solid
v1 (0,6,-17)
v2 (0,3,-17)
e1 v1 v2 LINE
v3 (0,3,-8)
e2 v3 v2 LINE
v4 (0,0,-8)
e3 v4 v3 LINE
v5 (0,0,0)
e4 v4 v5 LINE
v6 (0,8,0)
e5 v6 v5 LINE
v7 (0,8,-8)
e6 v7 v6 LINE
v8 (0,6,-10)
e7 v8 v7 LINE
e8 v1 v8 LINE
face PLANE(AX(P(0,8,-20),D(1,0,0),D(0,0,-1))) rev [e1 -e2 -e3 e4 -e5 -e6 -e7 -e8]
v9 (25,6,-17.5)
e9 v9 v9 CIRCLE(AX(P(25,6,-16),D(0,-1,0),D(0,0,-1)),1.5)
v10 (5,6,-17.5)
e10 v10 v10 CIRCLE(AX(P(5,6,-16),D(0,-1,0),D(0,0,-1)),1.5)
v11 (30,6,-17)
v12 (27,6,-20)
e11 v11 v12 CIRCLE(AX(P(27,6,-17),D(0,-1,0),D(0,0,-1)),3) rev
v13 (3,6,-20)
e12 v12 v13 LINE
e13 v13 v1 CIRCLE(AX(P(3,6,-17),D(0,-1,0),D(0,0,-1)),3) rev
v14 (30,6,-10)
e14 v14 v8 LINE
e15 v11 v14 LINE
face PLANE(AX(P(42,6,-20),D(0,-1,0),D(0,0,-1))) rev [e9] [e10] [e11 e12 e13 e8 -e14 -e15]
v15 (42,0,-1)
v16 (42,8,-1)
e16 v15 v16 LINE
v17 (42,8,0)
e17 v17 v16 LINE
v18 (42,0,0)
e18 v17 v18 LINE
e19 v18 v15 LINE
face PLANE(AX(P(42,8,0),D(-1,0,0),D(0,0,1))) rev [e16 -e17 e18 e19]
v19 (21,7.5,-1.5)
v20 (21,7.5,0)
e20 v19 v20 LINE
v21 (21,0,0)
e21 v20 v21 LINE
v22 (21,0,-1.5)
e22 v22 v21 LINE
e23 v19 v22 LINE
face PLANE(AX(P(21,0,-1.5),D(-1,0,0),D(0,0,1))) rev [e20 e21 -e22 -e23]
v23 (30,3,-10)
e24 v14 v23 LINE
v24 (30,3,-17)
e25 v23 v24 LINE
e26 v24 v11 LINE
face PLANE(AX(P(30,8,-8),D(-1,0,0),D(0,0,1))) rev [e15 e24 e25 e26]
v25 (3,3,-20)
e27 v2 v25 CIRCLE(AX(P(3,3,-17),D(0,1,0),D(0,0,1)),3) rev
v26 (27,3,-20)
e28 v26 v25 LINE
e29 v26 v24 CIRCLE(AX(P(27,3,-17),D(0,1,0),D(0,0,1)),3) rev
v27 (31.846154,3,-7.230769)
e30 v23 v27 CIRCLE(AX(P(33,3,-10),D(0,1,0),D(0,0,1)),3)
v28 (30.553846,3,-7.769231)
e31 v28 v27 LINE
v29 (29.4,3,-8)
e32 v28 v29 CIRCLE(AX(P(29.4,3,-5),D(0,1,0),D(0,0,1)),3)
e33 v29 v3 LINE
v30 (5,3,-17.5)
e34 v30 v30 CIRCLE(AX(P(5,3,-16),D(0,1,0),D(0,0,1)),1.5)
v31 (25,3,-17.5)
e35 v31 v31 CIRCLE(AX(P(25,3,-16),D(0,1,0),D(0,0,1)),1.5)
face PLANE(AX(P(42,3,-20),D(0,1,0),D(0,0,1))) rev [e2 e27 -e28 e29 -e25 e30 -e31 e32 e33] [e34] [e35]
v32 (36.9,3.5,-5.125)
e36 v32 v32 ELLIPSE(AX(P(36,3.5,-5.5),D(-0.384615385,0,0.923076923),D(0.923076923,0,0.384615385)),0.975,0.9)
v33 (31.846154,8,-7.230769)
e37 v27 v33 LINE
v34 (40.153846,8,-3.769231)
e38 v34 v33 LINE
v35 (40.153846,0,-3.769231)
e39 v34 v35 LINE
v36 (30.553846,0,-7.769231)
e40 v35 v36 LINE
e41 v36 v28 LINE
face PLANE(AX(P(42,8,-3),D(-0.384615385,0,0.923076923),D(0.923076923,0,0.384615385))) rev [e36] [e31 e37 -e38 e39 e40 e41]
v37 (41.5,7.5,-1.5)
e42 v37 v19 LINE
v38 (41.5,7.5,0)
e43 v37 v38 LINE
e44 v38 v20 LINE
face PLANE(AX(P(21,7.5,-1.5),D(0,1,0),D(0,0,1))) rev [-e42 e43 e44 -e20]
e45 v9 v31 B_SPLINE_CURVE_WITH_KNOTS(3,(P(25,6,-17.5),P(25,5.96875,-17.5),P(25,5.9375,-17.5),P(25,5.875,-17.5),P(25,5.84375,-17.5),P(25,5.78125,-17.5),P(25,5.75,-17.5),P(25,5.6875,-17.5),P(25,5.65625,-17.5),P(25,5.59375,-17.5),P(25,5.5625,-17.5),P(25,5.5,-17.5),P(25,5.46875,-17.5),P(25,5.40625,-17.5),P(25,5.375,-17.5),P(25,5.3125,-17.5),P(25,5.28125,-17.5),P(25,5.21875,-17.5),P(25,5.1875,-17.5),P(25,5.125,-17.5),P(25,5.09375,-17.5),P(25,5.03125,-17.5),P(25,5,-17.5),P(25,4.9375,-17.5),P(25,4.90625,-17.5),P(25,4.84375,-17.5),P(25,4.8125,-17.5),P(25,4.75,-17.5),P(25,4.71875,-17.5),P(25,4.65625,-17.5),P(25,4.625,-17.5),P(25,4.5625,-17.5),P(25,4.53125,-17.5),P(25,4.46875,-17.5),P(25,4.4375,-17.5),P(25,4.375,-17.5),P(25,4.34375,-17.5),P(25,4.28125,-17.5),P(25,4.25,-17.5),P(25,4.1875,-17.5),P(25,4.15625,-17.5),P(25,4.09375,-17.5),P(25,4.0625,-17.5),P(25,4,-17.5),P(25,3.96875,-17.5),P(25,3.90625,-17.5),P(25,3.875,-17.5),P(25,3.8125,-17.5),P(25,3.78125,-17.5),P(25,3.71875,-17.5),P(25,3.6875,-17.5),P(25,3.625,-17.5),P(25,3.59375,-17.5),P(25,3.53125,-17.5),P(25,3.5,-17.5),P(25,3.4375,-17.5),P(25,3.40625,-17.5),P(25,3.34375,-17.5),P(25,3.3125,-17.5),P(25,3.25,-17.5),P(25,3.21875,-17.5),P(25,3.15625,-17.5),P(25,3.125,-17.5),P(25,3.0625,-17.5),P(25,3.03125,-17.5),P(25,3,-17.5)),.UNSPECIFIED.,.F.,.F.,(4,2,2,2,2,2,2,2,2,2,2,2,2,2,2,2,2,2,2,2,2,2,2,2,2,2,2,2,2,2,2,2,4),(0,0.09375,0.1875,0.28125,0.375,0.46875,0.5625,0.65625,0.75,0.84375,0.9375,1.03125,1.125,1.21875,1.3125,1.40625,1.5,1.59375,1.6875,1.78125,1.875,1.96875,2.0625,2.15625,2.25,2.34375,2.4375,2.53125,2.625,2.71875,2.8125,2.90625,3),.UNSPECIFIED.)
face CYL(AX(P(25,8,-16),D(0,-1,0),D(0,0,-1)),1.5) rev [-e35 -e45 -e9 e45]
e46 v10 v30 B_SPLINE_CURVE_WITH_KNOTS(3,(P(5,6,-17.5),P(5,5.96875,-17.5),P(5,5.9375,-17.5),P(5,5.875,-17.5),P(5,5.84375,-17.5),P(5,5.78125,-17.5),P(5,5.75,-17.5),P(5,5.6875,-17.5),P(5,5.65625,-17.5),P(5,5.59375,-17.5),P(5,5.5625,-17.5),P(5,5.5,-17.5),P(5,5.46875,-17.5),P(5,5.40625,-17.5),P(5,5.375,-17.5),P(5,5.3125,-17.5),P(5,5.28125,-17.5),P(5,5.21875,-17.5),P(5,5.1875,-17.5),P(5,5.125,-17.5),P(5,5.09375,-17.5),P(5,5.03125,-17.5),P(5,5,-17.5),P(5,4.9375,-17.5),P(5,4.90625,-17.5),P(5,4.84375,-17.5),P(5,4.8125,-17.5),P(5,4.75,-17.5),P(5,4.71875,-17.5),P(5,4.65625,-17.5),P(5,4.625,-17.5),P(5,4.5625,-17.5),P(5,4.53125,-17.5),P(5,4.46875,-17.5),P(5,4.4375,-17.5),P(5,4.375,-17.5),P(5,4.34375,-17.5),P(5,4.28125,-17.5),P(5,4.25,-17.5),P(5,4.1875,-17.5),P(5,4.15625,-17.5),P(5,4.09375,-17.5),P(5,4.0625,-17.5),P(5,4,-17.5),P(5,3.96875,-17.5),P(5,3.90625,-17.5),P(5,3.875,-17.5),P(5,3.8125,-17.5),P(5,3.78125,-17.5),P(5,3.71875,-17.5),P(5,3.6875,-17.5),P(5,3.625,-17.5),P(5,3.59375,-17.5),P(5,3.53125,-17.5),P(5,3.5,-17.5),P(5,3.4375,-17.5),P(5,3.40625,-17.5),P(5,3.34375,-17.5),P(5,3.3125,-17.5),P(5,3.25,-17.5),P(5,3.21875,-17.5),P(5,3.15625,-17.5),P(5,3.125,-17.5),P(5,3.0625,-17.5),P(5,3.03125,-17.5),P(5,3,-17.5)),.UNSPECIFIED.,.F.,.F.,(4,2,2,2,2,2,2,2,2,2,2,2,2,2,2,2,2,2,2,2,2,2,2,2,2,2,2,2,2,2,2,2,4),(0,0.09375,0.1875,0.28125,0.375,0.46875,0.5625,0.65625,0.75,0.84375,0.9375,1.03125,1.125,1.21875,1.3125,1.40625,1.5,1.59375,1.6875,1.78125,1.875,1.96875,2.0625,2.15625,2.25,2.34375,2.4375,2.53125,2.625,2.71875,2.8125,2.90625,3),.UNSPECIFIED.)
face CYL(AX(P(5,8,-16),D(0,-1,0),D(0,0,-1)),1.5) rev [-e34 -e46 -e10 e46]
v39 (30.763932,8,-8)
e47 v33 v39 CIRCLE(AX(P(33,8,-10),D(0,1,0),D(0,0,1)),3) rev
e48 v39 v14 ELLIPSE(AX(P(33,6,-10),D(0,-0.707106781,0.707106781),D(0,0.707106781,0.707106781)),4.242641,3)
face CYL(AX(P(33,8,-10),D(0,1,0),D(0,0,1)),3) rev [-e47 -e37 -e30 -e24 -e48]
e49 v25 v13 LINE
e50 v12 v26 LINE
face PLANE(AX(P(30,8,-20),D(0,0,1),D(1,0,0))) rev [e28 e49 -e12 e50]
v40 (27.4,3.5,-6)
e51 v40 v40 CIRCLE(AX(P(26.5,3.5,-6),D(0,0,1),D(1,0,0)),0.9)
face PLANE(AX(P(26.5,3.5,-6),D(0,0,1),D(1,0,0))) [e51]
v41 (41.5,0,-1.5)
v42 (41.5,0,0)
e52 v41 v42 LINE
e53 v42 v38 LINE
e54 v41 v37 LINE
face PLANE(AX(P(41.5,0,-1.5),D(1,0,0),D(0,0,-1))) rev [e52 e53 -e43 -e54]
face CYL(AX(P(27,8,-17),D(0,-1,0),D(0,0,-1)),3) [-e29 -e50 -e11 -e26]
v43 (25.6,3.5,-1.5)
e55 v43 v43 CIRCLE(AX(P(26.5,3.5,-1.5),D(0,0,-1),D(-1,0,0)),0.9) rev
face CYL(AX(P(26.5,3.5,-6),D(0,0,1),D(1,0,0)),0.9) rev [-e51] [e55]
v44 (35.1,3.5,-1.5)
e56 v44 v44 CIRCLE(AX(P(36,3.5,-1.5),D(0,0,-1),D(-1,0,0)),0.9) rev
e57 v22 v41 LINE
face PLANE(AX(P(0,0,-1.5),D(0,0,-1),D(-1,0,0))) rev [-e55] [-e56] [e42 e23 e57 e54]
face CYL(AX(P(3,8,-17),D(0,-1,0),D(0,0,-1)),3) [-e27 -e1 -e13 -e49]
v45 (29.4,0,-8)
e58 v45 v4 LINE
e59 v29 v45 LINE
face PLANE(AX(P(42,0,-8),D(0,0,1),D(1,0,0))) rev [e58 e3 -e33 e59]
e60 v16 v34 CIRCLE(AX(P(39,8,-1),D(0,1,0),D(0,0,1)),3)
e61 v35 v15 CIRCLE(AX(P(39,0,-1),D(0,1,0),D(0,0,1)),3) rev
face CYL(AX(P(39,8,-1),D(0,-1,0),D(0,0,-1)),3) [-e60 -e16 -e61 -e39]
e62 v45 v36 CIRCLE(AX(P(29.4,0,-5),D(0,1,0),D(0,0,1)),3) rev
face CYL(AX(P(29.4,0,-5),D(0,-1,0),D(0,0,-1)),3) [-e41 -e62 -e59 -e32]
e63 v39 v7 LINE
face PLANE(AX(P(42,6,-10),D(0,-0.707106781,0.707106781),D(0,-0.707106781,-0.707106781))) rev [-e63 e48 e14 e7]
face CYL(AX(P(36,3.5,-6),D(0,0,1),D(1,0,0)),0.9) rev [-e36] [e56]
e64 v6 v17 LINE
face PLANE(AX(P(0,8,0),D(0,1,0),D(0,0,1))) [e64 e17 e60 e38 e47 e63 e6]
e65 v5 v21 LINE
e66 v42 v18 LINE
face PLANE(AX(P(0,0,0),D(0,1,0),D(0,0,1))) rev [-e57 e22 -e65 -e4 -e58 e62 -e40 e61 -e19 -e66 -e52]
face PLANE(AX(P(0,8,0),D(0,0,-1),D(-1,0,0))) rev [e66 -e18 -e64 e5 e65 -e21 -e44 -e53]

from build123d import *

# Parameters (mm, degrees)
SKETCH_1_R          = 1.5
EXTRUDE_1_DEPTH     = 8
SKETCH_2_W          = 12
SKETCH_2_H          = 3
CUT_EXTRUDE_1_DEPTH = 48.201694885
SKETCH_3_R          = 0.9
CUT_EXTRUDE_2_DEPTH = 6
SKETCH_4_W          = 20.5
SKETCH_4_H          = 7.5
CUT_EXTRUDE_3_DEPTH = 1.5
FILLET_2_R          = 3
FILLET_3_R          = 3


with BuildPart() as part:
    # 草图1 → 凸台-拉伸1 (new body)
    with BuildSketch(Plane(origin=(0, 0, 0), x_dir=(1, 0, 0), z_dir=(0, 1, 0))):
        Polygon((0, 0), (42, 0), (42, 3), (30, 8), (30, 20), (0, 20), align=None)
        with Locations(Location((25, 16, 0), (0, 0, 270))):
            Circle(SKETCH_1_R, mode=Mode.SUBTRACT)
        with Locations(Location((5, 16, 0), (0, 0, 270))):
            Circle(SKETCH_1_R, mode=Mode.SUBTRACT)
    extrude(amount=EXTRUDE_1_DEPTH)

    # 草图2 → 切除-拉伸1 (cut, through all)
    with BuildSketch(Plane.ZY):
        Polygon((-20, 6), (-10, 6), (-8, 8), (-20, 8), align=None)
        with Locations((-14, 1.5)):
            Rectangle(SKETCH_2_W, SKETCH_2_H)
    extrude(amount=-CUT_EXTRUDE_1_DEPTH, mode=Mode.SUBTRACT)

    # 草图3 → 切除-拉伸2 (cut)
    with BuildSketch(Plane.XY):
        with Locations((26.5, 3.5)):
            Circle(SKETCH_3_R)
        with Locations((36, 3.5)):
            Circle(SKETCH_3_R)
    extrude(amount=-CUT_EXTRUDE_2_DEPTH, mode=Mode.SUBTRACT)

    # 草图4 → 切除-拉伸3 (cut)
    with BuildSketch(Plane.XY):
        with Locations((31.25, 3.75)):
            Rectangle(SKETCH_4_W, SKETCH_4_H)
    extrude(amount=-CUT_EXTRUDE_3_DEPTH, mode=Mode.SUBTRACT)

    # 圆角2
    fillet_2_edges = [part.edges().sort_by_distance(p)[0] for p in [
        (0, 4.5, -20),
        (30, 4.5, -20),
        (42, 4, -3),
        (30, 5.5, -8),
    ]]
    fillet(fillet_2_edges, radius=FILLET_2_R)

    # 圆角3
    fillet_3_edges = [part.edges().sort_by_distance(p)[0] for p in [
        (30, 1.5, -8),
    ]]
    fillet(fillet_3_edges, radius=FILLET_3_R)


solid = part.part
